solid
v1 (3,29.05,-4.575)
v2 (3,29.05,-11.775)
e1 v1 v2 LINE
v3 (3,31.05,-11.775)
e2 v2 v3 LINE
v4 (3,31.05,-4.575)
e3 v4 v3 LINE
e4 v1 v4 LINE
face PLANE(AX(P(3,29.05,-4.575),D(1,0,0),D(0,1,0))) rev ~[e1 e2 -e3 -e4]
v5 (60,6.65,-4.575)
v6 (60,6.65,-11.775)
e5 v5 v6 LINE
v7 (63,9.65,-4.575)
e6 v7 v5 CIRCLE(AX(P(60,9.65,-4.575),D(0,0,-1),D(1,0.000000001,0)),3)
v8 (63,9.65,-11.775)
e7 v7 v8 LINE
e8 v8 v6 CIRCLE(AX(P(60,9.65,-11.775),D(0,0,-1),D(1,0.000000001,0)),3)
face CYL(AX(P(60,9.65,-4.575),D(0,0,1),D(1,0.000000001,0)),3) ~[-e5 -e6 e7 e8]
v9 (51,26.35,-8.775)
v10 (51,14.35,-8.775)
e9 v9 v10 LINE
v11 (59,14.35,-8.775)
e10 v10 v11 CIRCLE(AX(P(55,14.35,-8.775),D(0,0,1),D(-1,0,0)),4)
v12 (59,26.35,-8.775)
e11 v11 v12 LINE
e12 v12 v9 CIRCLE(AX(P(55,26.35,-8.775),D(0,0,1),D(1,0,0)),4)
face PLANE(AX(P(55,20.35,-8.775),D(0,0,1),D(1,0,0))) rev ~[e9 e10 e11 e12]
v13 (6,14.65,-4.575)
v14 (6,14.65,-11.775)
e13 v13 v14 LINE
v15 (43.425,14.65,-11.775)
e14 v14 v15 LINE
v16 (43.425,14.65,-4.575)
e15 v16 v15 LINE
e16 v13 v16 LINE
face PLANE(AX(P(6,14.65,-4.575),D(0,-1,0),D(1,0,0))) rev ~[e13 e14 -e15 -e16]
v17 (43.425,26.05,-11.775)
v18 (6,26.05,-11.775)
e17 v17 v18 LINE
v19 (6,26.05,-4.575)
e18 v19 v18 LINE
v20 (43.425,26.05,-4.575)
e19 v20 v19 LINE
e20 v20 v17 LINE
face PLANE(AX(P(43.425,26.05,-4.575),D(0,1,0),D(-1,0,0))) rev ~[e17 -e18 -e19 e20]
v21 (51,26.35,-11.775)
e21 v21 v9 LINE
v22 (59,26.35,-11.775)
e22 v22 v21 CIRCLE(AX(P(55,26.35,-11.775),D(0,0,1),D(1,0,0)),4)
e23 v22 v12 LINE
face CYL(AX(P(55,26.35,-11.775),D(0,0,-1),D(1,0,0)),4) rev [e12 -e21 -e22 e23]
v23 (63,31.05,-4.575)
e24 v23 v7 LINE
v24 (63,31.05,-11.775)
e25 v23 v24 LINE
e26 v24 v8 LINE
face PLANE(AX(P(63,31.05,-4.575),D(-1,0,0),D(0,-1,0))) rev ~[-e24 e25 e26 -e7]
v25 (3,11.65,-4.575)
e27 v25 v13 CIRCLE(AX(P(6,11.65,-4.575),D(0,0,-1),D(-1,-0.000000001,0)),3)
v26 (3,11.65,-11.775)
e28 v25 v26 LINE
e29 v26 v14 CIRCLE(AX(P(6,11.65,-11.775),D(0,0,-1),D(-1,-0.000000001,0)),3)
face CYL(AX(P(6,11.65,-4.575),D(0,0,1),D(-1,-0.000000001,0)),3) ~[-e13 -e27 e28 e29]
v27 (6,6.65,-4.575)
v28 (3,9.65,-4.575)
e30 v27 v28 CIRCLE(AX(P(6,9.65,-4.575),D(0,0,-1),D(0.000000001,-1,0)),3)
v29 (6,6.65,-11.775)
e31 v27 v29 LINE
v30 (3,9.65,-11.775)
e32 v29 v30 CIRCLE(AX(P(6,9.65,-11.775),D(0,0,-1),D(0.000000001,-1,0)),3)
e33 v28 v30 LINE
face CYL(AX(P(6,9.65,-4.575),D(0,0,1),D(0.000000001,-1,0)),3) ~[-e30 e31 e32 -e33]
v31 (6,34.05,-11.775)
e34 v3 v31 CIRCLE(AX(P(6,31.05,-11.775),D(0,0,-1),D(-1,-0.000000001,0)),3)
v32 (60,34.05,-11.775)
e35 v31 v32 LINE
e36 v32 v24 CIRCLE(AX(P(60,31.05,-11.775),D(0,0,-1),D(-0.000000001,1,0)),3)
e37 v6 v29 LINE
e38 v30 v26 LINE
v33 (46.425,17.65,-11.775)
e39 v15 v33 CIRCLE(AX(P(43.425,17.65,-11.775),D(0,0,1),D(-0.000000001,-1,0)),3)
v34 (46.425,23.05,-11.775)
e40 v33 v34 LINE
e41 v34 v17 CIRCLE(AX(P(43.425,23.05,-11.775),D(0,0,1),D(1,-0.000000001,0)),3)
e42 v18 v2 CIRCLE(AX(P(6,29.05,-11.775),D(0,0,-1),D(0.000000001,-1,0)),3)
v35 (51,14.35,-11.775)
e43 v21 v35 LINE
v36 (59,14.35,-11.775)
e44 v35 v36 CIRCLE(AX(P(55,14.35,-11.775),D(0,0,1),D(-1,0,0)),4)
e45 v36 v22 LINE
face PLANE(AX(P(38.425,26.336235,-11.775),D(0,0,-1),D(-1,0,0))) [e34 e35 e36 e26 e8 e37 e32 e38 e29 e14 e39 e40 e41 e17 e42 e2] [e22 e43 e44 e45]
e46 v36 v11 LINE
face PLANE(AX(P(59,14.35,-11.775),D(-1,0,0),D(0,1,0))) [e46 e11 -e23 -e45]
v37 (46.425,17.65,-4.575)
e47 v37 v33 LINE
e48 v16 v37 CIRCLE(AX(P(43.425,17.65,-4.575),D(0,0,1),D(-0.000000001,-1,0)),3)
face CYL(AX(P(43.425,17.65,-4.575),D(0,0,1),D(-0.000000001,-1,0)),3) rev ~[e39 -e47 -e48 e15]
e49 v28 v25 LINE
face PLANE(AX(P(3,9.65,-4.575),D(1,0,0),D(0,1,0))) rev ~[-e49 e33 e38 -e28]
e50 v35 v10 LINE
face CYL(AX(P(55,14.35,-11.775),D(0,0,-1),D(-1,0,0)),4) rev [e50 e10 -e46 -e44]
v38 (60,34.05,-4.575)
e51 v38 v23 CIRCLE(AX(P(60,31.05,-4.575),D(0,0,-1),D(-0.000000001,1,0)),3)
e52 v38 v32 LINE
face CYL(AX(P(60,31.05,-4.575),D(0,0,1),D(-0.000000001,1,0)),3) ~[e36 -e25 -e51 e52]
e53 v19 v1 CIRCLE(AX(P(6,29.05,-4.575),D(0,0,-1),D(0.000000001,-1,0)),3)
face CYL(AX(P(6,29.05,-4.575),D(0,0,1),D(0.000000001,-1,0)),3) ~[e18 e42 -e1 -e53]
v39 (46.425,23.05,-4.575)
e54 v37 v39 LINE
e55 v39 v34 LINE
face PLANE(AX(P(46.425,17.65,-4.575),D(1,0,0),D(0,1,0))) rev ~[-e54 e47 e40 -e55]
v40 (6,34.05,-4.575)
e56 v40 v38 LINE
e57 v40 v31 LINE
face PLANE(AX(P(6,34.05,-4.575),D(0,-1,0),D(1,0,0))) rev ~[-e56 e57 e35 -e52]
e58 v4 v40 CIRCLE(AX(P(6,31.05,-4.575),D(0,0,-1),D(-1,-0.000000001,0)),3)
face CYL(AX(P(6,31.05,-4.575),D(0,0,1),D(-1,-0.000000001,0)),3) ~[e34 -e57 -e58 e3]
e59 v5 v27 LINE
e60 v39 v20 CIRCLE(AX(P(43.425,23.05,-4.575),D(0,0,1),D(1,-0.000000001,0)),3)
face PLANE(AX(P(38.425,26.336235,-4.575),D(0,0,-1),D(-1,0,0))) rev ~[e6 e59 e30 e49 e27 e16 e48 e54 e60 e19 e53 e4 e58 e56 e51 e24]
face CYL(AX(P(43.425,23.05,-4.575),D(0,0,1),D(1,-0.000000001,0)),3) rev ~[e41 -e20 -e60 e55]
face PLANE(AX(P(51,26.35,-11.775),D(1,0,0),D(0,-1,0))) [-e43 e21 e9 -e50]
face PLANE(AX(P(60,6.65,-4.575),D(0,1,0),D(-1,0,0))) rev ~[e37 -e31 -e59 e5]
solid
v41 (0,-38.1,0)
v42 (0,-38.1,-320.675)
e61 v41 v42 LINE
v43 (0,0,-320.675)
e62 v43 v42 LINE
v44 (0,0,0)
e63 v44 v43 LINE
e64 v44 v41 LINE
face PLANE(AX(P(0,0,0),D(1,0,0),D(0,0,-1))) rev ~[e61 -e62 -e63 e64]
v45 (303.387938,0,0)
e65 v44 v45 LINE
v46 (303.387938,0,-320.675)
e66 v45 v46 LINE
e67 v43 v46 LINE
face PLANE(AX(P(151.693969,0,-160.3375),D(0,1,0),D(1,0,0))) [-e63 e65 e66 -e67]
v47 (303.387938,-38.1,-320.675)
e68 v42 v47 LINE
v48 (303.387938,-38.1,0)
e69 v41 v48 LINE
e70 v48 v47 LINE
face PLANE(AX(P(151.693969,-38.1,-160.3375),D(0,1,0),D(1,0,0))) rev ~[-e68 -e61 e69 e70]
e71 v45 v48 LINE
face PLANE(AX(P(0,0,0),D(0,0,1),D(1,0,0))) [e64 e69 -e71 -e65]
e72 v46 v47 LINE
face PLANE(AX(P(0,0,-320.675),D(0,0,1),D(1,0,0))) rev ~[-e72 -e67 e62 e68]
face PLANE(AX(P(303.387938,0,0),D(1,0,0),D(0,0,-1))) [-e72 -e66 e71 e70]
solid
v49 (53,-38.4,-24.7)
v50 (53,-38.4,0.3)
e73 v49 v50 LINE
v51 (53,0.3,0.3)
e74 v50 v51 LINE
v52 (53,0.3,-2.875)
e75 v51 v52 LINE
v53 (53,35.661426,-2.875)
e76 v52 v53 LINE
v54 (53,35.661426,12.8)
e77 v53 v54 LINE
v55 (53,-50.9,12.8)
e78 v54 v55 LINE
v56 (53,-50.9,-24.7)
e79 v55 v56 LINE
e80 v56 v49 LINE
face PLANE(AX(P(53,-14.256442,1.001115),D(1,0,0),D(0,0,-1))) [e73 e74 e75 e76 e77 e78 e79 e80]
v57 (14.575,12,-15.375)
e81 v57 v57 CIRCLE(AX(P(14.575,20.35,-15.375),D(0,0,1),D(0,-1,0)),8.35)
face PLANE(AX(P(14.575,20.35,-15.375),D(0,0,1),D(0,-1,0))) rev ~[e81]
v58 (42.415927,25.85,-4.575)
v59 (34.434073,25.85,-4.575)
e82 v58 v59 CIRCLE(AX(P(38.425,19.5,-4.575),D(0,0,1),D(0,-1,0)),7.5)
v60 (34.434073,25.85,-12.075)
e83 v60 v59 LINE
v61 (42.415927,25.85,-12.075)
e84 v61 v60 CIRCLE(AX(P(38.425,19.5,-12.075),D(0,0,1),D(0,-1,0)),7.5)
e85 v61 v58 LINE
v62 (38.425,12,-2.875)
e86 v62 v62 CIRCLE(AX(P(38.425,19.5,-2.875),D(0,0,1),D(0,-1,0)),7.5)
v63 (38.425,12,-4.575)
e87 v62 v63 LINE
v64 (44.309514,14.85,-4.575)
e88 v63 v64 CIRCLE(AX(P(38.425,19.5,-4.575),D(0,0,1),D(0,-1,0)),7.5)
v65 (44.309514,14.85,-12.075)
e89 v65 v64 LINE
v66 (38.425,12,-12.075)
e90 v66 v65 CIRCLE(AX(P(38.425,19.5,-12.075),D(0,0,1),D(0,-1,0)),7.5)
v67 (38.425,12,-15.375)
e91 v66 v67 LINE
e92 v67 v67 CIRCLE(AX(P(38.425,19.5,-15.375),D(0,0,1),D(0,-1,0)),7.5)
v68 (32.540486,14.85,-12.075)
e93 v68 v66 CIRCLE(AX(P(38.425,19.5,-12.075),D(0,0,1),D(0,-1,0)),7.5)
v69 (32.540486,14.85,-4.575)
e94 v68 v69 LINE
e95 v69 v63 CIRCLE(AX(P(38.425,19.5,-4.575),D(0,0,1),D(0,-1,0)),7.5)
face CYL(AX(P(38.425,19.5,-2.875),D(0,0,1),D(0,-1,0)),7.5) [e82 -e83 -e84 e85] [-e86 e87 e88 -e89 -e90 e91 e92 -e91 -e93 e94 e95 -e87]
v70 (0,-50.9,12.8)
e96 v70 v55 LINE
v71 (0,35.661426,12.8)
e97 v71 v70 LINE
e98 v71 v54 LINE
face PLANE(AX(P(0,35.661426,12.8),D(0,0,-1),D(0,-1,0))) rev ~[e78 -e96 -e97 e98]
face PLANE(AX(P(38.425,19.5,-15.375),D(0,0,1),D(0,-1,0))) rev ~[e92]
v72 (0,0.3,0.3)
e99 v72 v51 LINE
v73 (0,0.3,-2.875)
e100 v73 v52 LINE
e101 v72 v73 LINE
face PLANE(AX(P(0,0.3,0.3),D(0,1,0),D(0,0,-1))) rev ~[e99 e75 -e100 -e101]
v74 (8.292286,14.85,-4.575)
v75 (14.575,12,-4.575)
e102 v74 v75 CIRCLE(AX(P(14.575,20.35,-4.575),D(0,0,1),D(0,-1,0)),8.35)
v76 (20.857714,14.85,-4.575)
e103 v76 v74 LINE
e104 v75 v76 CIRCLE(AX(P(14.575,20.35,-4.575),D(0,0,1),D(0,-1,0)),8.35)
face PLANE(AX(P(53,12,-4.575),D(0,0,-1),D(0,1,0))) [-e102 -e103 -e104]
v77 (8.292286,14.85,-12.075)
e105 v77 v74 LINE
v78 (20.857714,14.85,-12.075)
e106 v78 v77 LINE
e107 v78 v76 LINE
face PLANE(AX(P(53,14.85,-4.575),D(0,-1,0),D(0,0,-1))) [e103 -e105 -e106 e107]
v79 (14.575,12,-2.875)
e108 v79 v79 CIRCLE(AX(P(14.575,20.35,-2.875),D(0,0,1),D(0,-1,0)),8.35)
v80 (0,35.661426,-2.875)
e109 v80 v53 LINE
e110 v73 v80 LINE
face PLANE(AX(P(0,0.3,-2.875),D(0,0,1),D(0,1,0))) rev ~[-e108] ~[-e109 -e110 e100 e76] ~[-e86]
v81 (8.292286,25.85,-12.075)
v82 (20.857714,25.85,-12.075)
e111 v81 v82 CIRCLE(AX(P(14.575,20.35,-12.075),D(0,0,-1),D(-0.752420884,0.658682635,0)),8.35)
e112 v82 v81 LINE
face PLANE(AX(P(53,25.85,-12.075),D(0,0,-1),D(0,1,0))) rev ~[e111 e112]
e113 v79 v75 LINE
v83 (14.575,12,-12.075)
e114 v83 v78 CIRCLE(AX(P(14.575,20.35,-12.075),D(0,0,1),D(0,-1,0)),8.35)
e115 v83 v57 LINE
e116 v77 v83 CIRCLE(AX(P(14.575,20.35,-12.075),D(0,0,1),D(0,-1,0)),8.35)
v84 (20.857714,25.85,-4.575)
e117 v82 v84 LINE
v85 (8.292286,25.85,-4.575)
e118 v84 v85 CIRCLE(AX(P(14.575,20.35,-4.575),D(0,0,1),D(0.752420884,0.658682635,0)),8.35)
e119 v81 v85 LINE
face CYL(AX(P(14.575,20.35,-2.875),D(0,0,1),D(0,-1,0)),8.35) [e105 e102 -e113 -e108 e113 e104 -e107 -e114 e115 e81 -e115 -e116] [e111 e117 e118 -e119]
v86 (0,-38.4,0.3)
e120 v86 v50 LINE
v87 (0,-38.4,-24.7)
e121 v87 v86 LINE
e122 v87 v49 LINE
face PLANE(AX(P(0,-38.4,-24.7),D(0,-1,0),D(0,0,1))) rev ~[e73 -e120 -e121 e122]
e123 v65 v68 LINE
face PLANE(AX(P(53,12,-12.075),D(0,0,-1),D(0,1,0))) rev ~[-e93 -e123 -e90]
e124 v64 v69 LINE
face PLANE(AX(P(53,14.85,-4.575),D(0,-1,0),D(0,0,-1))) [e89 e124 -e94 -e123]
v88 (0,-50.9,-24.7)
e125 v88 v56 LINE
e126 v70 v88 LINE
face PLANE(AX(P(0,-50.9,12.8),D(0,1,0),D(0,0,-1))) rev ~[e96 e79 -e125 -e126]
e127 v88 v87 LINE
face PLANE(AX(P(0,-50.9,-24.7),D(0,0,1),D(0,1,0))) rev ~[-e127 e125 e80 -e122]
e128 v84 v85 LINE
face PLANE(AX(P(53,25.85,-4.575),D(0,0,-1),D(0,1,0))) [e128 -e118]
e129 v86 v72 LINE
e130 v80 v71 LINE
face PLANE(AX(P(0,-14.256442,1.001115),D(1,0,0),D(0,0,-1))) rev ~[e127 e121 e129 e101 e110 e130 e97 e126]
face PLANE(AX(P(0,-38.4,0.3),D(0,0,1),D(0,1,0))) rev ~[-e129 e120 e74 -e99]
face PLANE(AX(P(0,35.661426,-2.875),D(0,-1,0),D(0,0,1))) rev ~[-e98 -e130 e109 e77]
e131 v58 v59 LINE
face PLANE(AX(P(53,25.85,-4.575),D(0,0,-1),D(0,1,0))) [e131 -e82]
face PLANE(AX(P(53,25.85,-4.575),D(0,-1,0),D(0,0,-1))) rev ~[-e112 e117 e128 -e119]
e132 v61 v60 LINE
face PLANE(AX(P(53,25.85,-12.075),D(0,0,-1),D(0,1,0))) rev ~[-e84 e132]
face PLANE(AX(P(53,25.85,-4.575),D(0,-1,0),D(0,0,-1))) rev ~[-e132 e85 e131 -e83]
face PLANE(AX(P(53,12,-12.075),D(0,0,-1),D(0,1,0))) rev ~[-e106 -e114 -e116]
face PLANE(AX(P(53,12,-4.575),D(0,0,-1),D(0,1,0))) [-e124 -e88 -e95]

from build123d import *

# Parameters (mm, degrees)
SKETCH1_W            = 303.387938005
SKETCH1_H            = 320.675
BOSS_EXTRUDE1_DEPTH  = 38.1
BOSS_EXTRUDE2_DEPTH  = 53
BOSS_EXTRUDE4_START  = -2.875
SKETCH2_R            = 8.35
SKETCH2_R_2          = 7.5
BOSS_EXTRUDE4_DEPTH  = 12.5
SKETCH4_W            = 7.5
SKETCH4_H            = 2.85
CUT_EXTRUDE1_DEPTH   = 411.021200822
BOSS_EXTRUDE11_DEPTH = 7.2
CUT_EXTRUDE2_DEPTH   = 3


with BuildPart() as part:
    # Sketch1 → Boss-Extrude1 (new body)
    with BuildSketch(Plane(origin=(0, 0, 0), x_dir=(1, 0, 0), z_dir=(0, 1, 0))):
        with Locations((151.693969003, 160.3375)):
            Rectangle(SKETCH1_W, SKETCH1_H)
    extrude(amount=-BOSS_EXTRUDE1_DEPTH)


with BuildPart() as body_2:
    # Sketch3 → Boss-Extrude2 (new body)
    with BuildSketch(Plane(origin=(0, 0, 0), x_dir=(0, 0, -1), z_dir=(1, 0, 0))):
        Polygon((24.7, -38.4), (-0.3, -38.4), (-0.3, 0.3), (2.875, 0.3), (2.875, 35.661425503), (-0.3, 35.661425503), (-12.8, 35.661425503), (-12.8, -50.9), (24.7, -50.9), align=None)
    extrude(amount=BOSS_EXTRUDE2_DEPTH)

    # Sketch2 → Boss-Extrude4 (add)
    with BuildSketch(Plane.XY.offset(BOSS_EXTRUDE4_START)):
        with Locations(Location((14.575, 20.35, 0), (0, 0, 270))):
            Circle(SKETCH2_R)
        with Locations(Location((38.425, 19.5, 0), (0, 0, 270))):
            Circle(SKETCH2_R_2)
    extrude(amount=-BOSS_EXTRUDE4_DEPTH)

    # Sketch4 → Cut-Extrude1 (cut, through all)
    with BuildSketch(Plane(origin=(53, 0, 0), x_dir=(0, 0, -1), z_dir=(1, 0, 0))):
        with Locations((8.325, 27.275)):
            Rectangle(SKETCH4_W, SKETCH4_H)
        with Locations((8.325, 13.425)):
            Rectangle(SKETCH4_W, SKETCH4_H)
    extrude(amount=-CUT_EXTRUDE1_DEPTH, mode=Mode.SUBTRACT)


with BuildPart() as body_3:
    # Sketch5 → Boss-Extrude11 (new body)
    with BuildSketch(Plane(origin=(0, 0, -4.575), x_dir=(-1, 0, 0), z_dir=(0, 0, -1))):
        with BuildLine():
            Line((-42.078423052, 26.05), (-34.771576948, 26.05))
            ThreePointArc((-34.771576948, 26.05), (-38.425, 27), (-42.078423052, 26.05))
        make_face()
        with BuildLine():
            ThreePointArc((-60, 34.05), (-62.121320344, 33.171320344), (-63, 31.05))
            Line((-63, 31.05), (-63, 25.125357932))
            Line((-63, 25.125357932), (-63, 11.495995523))
            Line((-63, 11.495995523), (-63, 9.65))
            ThreePointArc((-63, 9.65), (-62.121320344, 7.528679656), (-60, 6.65))
            Line((-60, 6.65), (-6, 6.65))
            ThreePointArc((-6, 6.65), (-3.878679656, 7.528679656), (-3, 9.65))
            Line((-3, 9.65), (-3, 11.65))
            ThreePointArc((-3, 11.65), (-3.878679656, 13.771320344), (-6, 14.65))
            Line((-6, 14.65), (-43.425, 14.65))
            ThreePointArc((-43.425, 14.65), (-45.546320344, 15.528679656), (-46.425, 17.65))
            Line((-46.425, 17.65), (-46.425, 23.05))
            ThreePointArc((-46.425, 23.05), (-45.546320344, 25.171320344), (-43.425, 26.05))
            Line((-43.425, 26.05), (-42.078423052, 26.05))
            ThreePointArc((-42.078423052, 26.05), (-38.425, 27), (-34.771576948, 26.05))
            Line((-34.771576948, 26.05), (-6, 26.05))
            ThreePointArc((-6, 26.05), (-3.878679656, 26.928679656), (-3, 29.05))
            Line((-3, 29.05), (-3, 31.05))
            ThreePointArc((-3, 31.05), (-3.878679656, 33.171320344), (-6, 34.05))
            Line((-6, 34.05), (-60, 34.05))
        make_face()
    extrude(amount=BOSS_EXTRUDE11_DEPTH)

    # Sketch6 → Cut-Extrude2 (cut)
    with BuildSketch(Plane(origin=(0, 0, -11.775), x_dir=(-1, 0, 0), z_dir=(0, 0, -1))):
        with BuildLine():
            Line((-51, 26.35), (-51, 14.35))
            ThreePointArc((-51, 14.35), (-55, 10.35), (-59, 14.35))
            Line((-59, 14.35), (-59, 26.35))
            ThreePointArc((-59, 26.35), (-55, 30.35), (-51, 26.35))
        make_face()
    extrude(amount=-CUT_EXTRUDE2_DEPTH, mode=Mode.SUBTRACT)


solid = Compound([part.part, body_2.part, body_3.part])
